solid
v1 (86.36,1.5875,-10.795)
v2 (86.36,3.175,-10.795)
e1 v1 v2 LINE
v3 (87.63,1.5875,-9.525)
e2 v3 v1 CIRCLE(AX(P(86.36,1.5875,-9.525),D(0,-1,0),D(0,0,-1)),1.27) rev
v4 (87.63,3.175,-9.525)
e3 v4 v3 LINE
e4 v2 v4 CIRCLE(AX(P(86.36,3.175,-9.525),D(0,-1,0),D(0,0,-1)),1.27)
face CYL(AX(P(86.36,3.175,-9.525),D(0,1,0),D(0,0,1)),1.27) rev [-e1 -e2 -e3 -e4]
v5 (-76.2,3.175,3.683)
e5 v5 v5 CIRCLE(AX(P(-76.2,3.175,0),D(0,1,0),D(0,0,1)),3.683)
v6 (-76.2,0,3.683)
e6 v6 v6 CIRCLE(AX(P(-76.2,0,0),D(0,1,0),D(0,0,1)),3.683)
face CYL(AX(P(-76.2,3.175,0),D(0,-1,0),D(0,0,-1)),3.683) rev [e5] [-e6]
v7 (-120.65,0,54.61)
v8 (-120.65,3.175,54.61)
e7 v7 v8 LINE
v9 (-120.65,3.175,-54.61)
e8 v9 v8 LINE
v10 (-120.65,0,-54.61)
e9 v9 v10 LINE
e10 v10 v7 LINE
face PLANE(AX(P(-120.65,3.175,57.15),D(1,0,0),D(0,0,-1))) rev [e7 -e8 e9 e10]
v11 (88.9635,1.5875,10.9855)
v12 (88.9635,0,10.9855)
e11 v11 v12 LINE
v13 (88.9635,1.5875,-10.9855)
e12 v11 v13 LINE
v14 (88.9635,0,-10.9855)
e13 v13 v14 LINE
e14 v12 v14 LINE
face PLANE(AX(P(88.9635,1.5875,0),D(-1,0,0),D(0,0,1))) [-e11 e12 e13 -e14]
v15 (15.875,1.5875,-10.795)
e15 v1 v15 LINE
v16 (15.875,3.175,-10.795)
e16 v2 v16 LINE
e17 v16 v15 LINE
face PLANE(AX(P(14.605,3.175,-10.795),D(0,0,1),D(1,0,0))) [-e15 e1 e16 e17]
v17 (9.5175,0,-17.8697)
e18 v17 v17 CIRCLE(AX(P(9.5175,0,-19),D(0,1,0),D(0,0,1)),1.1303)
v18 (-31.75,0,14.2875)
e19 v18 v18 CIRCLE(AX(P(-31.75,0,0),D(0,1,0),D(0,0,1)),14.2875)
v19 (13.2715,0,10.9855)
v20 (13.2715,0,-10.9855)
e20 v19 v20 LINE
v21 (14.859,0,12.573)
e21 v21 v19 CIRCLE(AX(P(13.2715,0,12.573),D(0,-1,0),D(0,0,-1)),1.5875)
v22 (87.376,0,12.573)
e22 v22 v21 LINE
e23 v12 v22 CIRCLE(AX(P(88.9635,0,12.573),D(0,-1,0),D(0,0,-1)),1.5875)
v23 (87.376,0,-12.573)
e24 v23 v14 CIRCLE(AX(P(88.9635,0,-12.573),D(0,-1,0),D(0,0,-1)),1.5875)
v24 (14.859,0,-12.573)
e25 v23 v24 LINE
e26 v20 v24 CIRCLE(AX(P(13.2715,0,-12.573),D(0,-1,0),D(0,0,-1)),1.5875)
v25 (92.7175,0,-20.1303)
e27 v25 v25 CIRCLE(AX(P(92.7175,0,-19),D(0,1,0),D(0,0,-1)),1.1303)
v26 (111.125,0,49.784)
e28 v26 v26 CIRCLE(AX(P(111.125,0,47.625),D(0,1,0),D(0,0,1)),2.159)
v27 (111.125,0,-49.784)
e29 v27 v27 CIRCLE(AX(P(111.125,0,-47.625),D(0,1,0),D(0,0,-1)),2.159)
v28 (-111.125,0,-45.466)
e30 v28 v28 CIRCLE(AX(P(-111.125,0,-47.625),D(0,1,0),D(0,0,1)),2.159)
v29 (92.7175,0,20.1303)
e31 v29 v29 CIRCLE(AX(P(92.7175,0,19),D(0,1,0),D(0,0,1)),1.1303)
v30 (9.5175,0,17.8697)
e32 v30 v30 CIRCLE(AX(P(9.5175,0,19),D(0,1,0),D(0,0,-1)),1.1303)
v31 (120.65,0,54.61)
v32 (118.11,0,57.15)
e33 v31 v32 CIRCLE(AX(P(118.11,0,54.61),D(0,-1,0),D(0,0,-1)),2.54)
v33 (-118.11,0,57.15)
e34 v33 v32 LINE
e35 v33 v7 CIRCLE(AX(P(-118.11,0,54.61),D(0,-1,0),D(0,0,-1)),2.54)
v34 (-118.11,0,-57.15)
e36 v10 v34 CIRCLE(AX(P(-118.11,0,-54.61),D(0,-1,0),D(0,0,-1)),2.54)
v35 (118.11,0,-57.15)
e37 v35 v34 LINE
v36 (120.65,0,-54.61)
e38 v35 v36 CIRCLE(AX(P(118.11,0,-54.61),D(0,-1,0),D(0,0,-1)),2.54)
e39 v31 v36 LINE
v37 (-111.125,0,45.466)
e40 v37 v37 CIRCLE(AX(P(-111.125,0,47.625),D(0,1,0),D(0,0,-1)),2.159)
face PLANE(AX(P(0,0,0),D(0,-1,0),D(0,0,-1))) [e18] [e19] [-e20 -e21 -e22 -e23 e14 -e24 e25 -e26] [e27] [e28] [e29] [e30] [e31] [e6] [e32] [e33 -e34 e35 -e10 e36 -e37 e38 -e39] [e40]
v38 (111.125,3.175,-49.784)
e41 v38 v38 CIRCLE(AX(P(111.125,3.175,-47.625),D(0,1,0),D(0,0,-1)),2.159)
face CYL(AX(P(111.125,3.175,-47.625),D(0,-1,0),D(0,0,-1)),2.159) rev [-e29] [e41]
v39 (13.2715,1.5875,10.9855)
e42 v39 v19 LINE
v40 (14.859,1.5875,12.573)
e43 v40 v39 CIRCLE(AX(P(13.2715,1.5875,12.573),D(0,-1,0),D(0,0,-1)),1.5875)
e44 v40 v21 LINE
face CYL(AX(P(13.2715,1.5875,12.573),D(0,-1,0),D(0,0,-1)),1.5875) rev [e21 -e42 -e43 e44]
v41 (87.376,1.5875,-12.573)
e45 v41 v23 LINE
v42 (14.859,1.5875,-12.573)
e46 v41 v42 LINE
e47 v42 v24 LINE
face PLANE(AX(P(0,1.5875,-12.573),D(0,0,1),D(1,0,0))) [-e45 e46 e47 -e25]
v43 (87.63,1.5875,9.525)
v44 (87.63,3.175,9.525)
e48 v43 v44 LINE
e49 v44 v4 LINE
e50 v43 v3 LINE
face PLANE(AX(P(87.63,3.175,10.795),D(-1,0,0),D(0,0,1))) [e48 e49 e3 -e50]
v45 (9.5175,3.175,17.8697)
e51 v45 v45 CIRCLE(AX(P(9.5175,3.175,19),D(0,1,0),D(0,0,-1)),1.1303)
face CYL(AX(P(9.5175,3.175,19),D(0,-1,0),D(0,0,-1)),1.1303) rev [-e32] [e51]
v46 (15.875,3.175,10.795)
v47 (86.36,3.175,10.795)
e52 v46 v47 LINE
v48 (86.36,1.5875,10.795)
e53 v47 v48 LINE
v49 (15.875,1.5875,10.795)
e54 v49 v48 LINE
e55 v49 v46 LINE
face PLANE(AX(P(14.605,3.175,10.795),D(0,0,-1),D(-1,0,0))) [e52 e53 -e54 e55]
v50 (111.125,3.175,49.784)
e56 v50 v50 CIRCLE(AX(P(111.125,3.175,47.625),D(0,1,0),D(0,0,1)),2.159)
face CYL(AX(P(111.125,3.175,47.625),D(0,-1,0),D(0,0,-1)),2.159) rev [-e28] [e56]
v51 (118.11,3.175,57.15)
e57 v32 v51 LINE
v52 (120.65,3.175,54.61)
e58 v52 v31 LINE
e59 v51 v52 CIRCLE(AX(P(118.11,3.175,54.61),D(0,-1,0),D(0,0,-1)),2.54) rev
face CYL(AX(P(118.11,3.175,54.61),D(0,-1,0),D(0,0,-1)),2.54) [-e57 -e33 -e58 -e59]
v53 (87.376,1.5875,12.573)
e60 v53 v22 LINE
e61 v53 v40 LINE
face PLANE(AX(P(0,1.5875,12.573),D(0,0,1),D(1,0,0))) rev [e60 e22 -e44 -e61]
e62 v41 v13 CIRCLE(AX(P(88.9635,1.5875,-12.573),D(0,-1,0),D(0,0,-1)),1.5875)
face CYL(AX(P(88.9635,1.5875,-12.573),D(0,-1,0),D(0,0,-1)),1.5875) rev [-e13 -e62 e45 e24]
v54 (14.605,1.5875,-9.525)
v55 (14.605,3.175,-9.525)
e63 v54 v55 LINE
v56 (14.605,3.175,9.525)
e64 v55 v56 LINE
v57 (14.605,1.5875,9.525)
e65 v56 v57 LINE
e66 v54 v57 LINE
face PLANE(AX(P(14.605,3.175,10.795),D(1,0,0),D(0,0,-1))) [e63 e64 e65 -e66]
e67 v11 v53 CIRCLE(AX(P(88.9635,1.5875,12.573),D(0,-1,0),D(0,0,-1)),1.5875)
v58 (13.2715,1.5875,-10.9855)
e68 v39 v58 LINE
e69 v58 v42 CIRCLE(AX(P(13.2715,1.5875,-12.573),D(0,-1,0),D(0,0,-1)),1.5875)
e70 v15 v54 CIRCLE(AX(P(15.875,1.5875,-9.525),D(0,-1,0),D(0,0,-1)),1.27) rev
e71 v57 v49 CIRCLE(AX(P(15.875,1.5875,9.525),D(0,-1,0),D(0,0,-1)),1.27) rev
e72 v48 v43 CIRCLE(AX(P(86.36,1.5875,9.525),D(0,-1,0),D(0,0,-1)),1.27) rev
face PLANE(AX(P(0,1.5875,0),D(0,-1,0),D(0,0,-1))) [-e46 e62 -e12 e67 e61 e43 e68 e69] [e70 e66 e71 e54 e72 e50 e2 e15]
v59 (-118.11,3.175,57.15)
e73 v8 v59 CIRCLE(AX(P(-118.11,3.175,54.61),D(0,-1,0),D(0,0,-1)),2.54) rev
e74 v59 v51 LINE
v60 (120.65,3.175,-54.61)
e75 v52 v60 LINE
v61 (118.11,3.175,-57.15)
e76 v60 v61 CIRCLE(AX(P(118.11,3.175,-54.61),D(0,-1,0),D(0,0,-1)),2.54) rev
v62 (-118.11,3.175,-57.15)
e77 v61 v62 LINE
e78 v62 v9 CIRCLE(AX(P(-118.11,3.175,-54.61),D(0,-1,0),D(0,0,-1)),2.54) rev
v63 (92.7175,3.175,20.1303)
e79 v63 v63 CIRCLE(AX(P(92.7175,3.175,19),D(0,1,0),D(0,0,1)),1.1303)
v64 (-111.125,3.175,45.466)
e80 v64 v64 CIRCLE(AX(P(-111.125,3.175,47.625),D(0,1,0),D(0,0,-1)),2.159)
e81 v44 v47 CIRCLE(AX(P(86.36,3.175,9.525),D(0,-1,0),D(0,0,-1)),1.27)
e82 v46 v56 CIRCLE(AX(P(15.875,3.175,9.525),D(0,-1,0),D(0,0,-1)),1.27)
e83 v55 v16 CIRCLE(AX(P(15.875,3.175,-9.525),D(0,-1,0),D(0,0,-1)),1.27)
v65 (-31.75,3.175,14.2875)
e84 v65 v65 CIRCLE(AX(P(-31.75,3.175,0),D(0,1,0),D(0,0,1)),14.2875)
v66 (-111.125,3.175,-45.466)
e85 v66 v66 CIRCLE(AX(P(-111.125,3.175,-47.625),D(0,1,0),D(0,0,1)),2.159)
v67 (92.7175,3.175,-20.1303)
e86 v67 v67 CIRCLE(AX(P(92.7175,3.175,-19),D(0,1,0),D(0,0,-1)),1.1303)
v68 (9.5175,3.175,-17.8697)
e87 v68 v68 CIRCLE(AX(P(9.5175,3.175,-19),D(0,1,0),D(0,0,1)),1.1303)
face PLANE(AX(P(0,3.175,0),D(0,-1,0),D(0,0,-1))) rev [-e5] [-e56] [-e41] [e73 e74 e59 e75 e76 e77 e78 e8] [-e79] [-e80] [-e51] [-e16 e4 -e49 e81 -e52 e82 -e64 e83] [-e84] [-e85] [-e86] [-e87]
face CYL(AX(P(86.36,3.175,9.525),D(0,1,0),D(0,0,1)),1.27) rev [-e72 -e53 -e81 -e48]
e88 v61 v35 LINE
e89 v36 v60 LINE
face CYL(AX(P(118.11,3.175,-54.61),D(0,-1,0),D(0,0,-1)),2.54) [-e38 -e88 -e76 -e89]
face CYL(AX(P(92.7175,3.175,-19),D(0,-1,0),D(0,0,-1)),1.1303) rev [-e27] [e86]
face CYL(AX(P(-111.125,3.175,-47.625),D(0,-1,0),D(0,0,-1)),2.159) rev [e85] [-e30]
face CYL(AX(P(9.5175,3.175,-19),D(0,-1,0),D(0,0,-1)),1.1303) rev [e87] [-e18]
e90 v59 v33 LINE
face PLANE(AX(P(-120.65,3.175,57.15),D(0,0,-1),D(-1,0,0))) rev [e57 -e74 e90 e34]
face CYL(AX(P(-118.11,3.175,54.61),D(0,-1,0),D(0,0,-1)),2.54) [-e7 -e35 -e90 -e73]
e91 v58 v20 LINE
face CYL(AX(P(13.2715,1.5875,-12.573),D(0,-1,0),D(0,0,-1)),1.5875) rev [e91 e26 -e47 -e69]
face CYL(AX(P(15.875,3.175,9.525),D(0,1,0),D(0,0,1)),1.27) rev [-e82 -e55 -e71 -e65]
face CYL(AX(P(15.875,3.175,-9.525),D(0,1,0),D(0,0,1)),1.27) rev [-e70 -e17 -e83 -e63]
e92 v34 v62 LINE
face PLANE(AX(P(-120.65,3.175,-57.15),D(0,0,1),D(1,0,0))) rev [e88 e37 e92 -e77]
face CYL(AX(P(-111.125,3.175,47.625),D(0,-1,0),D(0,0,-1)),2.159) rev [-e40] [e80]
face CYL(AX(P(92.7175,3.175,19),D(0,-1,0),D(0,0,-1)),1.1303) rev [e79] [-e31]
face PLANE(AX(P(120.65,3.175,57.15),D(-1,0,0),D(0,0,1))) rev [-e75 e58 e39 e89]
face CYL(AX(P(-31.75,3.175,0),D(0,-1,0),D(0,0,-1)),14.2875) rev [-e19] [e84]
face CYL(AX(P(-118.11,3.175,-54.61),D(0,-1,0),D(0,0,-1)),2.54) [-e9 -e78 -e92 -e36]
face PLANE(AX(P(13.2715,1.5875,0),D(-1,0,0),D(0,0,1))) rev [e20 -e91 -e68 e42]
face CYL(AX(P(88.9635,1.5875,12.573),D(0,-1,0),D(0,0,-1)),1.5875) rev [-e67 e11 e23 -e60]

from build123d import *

# Parameters (mm, degrees)
SKETCH1_W           = 241.3
SKETCH1_H           = 114.3
SKETCH1_R           = 2.159
SKETCH1_R_2         = 3.683
SKETCH1_R_3         = 14.2875
SKETCH1_R_4         = 1.1303
SKETCH1_W_2         = 73.025
SKETCH1_H_2         = 21.59
BOSS_EXTRUDE1_DEPTH = 3.175
FILLET1_R           = 1.27
FILLET2_R           = 2.54
CUT_EXTRUDE1_START  = -1.5875
SKETCH2_R           = 1.5875
SKETCH2_W           = 75.692
SKETCH2_H           = 25.146
CUT_EXTRUDE1_DEPTH  = 1.5875


with BuildPart() as part:
    # Sketch1 → Boss-Extrude1 (new body)
    with BuildSketch(Plane(origin=(0, 0, 0), x_dir=(1, 0, 0), z_dir=(0, 1, 0))):
        Rectangle(SKETCH1_W, SKETCH1_H)
        with Locations(Location((-111.125, 47.625, 0), (0, 0, 270))):
            Circle(SKETCH1_R, mode=Mode.SUBTRACT)
        with Locations(Location((111.125, 47.625, 0), (0, 0, 90))):
            Circle(SKETCH1_R, mode=Mode.SUBTRACT)
        with Locations(Location((111.125, -47.625, 0), (0, 0, 270))):
            Circle(SKETCH1_R, mode=Mode.SUBTRACT)
        with Locations(Location((-111.125, -47.625, 0), (0, 0, 90))):
            Circle(SKETCH1_R, mode=Mode.SUBTRACT)
        with Locations(Location((-76.2, 0, 0), (0, 0, 270))):
            Circle(SKETCH1_R_2, mode=Mode.SUBTRACT)
        with Locations(Location((-31.75, 0, 0), (0, 0, 270))):
            Circle(SKETCH1_R_3, mode=Mode.SUBTRACT)
        with Locations(Location((9.5175, 19, 0), (0, 0, 270))):
            Circle(SKETCH1_R_4, mode=Mode.SUBTRACT)
        with Locations(Location((9.5175, -19, 0), (0, 0, 90))):
            Circle(SKETCH1_R_4, mode=Mode.SUBTRACT)
        with Locations(Location((92.7175, -19, 0), (0, 0, 270))):
            Circle(SKETCH1_R_4, mode=Mode.SUBTRACT)
        with Locations(Location((92.7175, 19, 0), (0, 0, 90))):
            Circle(SKETCH1_R_4, mode=Mode.SUBTRACT)
        with Locations((51.1175, 0)):
            Rectangle(SKETCH1_W_2, SKETCH1_H_2, mode=Mode.SUBTRACT)
    extrude(amount=BOSS_EXTRUDE1_DEPTH)

    # Fillet1
    fillet1_edges = [part.edges().sort_by_distance(p)[0] for p in [
        (87.63, 1.5875, 10.795),
        (87.63, 1.5875, -10.795),
        (14.605, 1.5875, -10.795),
        (14.605, 1.5875, 10.795),
    ]]
    fillet(fillet1_edges, radius=FILLET1_R)

    # Fillet2
    fillet2_edges = [part.edges().sort_by_distance(p)[0] for p in [
        (120.65, 1.5875, 57.15),
        (-120.65, 1.5875, 57.15),
        (-120.65, 1.5875, -57.15),
        (120.65, 1.5875, -57.15),
    ]]
    fillet(fillet2_edges, radius=FILLET2_R)

    # Sketch2 → Cut-Extrude1 (cut)
    # profile 1 of 21: a face of its own
    with BuildSketch(Plane(origin=(0, 0, 0), x_dir=(-1, 0, 0), z_dir=(0, -1, 0)).offset(CUT_EXTRUDE1_START)):
        with Locations((-13.2715, 12.573)):
            Circle(SKETCH2_R)
    # profile 2 of 21: a face of its own
    with BuildSketch(Plane(origin=(0, 0, 0), x_dir=(-1, 0, 0), z_dir=(0, -1, 0)).offset(CUT_EXTRUDE1_START)):
        with Locations((-88.9635, 12.573)):
            Circle(SKETCH2_R)
    # profile 3 of 21: a face of its own
    with BuildSketch(Plane(origin=(0, 0, 0), x_dir=(-1, 0, 0), z_dir=(0, -1, 0)).offset(CUT_EXTRUDE1_START)):
        with Locations((-88.9635, -12.573)):
            Circle(SKETCH2_R)
    # profile 4 of 21: a face of its own
    with BuildSketch(Plane(origin=(0, 0, 0), x_dir=(-1, 0, 0), z_dir=(0, -1, 0)).offset(CUT_EXTRUDE1_START)):
        with Locations((-13.2715, -12.573)):
            Circle(SKETCH2_R)
    # profile 5 of 21: a face of its own
    with BuildSketch(Plane(origin=(0, 0, 0), x_dir=(-1, 0, 0), z_dir=(0, -1, 0)).offset(CUT_EXTRUDE1_START)):
        with Locations((-51.1175, 0)):
            Rectangle(SKETCH2_W, SKETCH2_H)
        with BuildLine():
            ThreePointArc((-15.875, 10.795), (-14.976974388, 10.423025612), (-14.605, 9.525))
            Line((-14.605, 9.525), (-14.605, -9.525))
            ThreePointArc((-14.605, -9.525), (-14.976974388, -10.423025612), (-15.875, -10.795))
            Line((-15.875, -10.795), (-86.36, -10.795))
            ThreePointArc((-86.36, -10.795), (-87.258025612, -10.423025612), (-87.63, -9.525))
            Line((-87.63, -9.525), (-87.63, 9.525))
            ThreePointArc((-87.63, 9.525), (-87.258025612, 10.423025612), (-86.36, 10.795))
            Line((-86.36, 10.795), (-15.875, 10.795))
        make_face(mode=Mode.SUBTRACT)
    # profile 6 of 21: a face of its own
    with BuildSketch(Plane(origin=(0, 0, 0), x_dir=(-1, 0, 0), z_dir=(0, -1, 0)).offset(CUT_EXTRUDE1_START)):
        with BuildLine():
            Line((-88.9635, -10.9855), (-88.9635, -12.573))
            Line((-88.9635, -12.573), (-87.376, -12.573))
            ThreePointArc((-87.376, -12.573), (-87.840967985, -11.450467985), (-88.9635, -10.9855))
        make_face()
    # profile 7 of 21: a face of its own
    with BuildSketch(Plane(origin=(0, 0, 0), x_dir=(-1, 0, 0), z_dir=(0, -1, 0)).offset(CUT_EXTRUDE1_START)):
        with BuildLine():
            Line((-87.376, -12.573), (-88.9635, -12.573))
            Line((-88.9635, -12.573), (-88.9635, -10.9855))
            ThreePointArc((-88.9635, -10.9855), (-90.086032015, -13.695532015), (-87.376, -12.573))
        make_face()
    # profile 8 of 21: a face of its own
    with BuildSketch(Plane(origin=(0, 0, 0), x_dir=(-1, 0, 0), z_dir=(0, -1, 0)).offset(CUT_EXTRUDE1_START)):
        with BuildLine():
            Line((-88.9635, -10.9855), (-88.9635, -12.573))
            Line((-88.9635, -12.573), (-87.376, -12.573))
            ThreePointArc((-87.376, -12.573), (-87.840967985, -11.450467985), (-88.9635, -10.9855))
        make_face()
    # profile 9 of 21: a face of its own
    with BuildSketch(Plane(origin=(0, 0, 0), x_dir=(-1, 0, 0), z_dir=(0, -1, 0)).offset(CUT_EXTRUDE1_START)):
        with BuildLine():
            Line((-87.376, -12.573), (-88.9635, -12.573))
            Line((-88.9635, -12.573), (-88.9635, -10.9855))
            ThreePointArc((-88.9635, -10.9855), (-90.086032015, -13.695532015), (-87.376, -12.573))
        make_face()
    # profile 10 of 21: a face of its own
    with BuildSketch(Plane(origin=(0, 0, 0), x_dir=(-1, 0, 0), z_dir=(0, -1, 0)).offset(CUT_EXTRUDE1_START)):
        with BuildLine():
            ThreePointArc((-87.376, 12.573), (-90.086032015, 13.695532015), (-88.9635, 10.9855))
            Line((-88.9635, 10.9855), (-88.9635, 12.573))
            Line((-88.9635, 12.573), (-87.376, 12.573))
        make_face()
    # profile 11 of 21: a face of its own
    with BuildSketch(Plane(origin=(0, 0, 0), x_dir=(-1, 0, 0), z_dir=(0, -1, 0)).offset(CUT_EXTRUDE1_START)):
        with BuildLine():
            Line((-88.9635, 12.573), (-88.9635, 10.9855))
            ThreePointArc((-88.9635, 10.9855), (-87.840967985, 11.450467985), (-87.376, 12.573))
            Line((-87.376, 12.573), (-88.9635, 12.573))
        make_face()
    # profile 12 of 21: a face of its own
    with BuildSketch(Plane(origin=(0, 0, 0), x_dir=(-1, 0, 0), z_dir=(0, -1, 0)).offset(CUT_EXTRUDE1_START)):
        with BuildLine():
            ThreePointArc((-87.376, 12.573), (-90.086032015, 13.695532015), (-88.9635, 10.9855))
            Line((-88.9635, 10.9855), (-88.9635, 12.573))
            Line((-88.9635, 12.573), (-87.376, 12.573))
        make_face()
    # profile 13 of 21: a face of its own
    with BuildSketch(Plane(origin=(0, 0, 0), x_dir=(-1, 0, 0), z_dir=(0, -1, 0)).offset(CUT_EXTRUDE1_START)):
        with BuildLine():
            Line((-88.9635, 12.573), (-88.9635, 10.9855))
            ThreePointArc((-88.9635, 10.9855), (-87.840967985, 11.450467985), (-87.376, 12.573))
            Line((-87.376, 12.573), (-88.9635, 12.573))
        make_face()
    # profile 14 of 21: a face of its own
    with BuildSketch(Plane(origin=(0, 0, 0), x_dir=(-1, 0, 0), z_dir=(0, -1, 0)).offset(CUT_EXTRUDE1_START)):
        with BuildLine():
            ThreePointArc((-14.859, 12.573), (-14.394032015, 11.450467985), (-13.2715, 10.9855))
            Line((-13.2715, 10.9855), (-13.2715, 12.573))
            Line((-13.2715, 12.573), (-14.859, 12.573))
        make_face()
    # profile 15 of 21: a face of its own
    with BuildSketch(Plane(origin=(0, 0, 0), x_dir=(-1, 0, 0), z_dir=(0, -1, 0)).offset(CUT_EXTRUDE1_START)):
        with BuildLine():
            Line((-13.2715, 12.573), (-13.2715, 10.9855))
            ThreePointArc((-13.2715, 10.9855), (-12.148967985, 11.450467985), (-11.684, 12.573))
            ThreePointArc((-11.684, 12.573), (-13.2715, 14.1605), (-14.859, 12.573))
            Line((-14.859, 12.573), (-13.2715, 12.573))
        make_face()
    # profile 16 of 21: a face of its own
    with BuildSketch(Plane(origin=(0, 0, 0), x_dir=(-1, 0, 0), z_dir=(0, -1, 0)).offset(CUT_EXTRUDE1_START)):
        with BuildLine():
            ThreePointArc((-14.859, 12.573), (-14.394032015, 11.450467985), (-13.2715, 10.9855))
            Line((-13.2715, 10.9855), (-13.2715, 12.573))
            Line((-13.2715, 12.573), (-14.859, 12.573))
        make_face()
    # profile 17 of 21: a face of its own
    with BuildSketch(Plane(origin=(0, 0, 0), x_dir=(-1, 0, 0), z_dir=(0, -1, 0)).offset(CUT_EXTRUDE1_START)):
        with BuildLine():
            Line((-13.2715, 12.573), (-13.2715, 10.9855))
            ThreePointArc((-13.2715, 10.9855), (-12.148967985, 11.450467985), (-11.684, 12.573))
            ThreePointArc((-11.684, 12.573), (-13.2715, 14.1605), (-14.859, 12.573))
            Line((-14.859, 12.573), (-13.2715, 12.573))
        make_face()
    # profile 18 of 21: a face of its own
    with BuildSketch(Plane(origin=(0, 0, 0), x_dir=(-1, 0, 0), z_dir=(0, -1, 0)).offset(CUT_EXTRUDE1_START)):
        with BuildLine():
            ThreePointArc((-13.2715, -10.9855), (-14.394032015, -11.450467985), (-14.859, -12.573))
            Line((-14.859, -12.573), (-13.2715, -12.573))
            Line((-13.2715, -12.573), (-13.2715, -10.9855))
        make_face()
    # profile 19 of 21: a face of its own
    with BuildSketch(Plane(origin=(0, 0, 0), x_dir=(-1, 0, 0), z_dir=(0, -1, 0)).offset(CUT_EXTRUDE1_START)):
        with BuildLine():
            Line((-13.2715, -12.573), (-14.859, -12.573))
            ThreePointArc((-14.859, -12.573), (-13.2715, -14.1605), (-11.684, -12.573))
            ThreePointArc((-11.684, -12.573), (-12.148967985, -11.450467985), (-13.2715, -10.9855))
            Line((-13.2715, -10.9855), (-13.2715, -12.573))
        make_face()
    # profile 20 of 21: a face of its own
    with BuildSketch(Plane(origin=(0, 0, 0), x_dir=(-1, 0, 0), z_dir=(0, -1, 0)).offset(CUT_EXTRUDE1_START)):
        with BuildLine():
            ThreePointArc((-13.2715, -10.9855), (-14.394032015, -11.450467985), (-14.859, -12.573))
            Line((-14.859, -12.573), (-13.2715, -12.573))
            Line((-13.2715, -12.573), (-13.2715, -10.9855))
        make_face()
    # profile 21 of 21: a face of its own
    with BuildSketch(Plane(origin=(0, 0, 0), x_dir=(-1, 0, 0), z_dir=(0, -1, 0)).offset(CUT_EXTRUDE1_START)):
        with BuildLine():
            Line((-13.2715, -12.573), (-14.859, -12.573))
            ThreePointArc((-14.859, -12.573), (-13.2715, -14.1605), (-11.684, -12.573))
            ThreePointArc((-11.684, -12.573), (-12.148967985, -11.450467985), (-13.2715, -10.9855))
            Line((-13.2715, -10.9855), (-13.2715, -12.573))
        make_face()
    extrude(amount=CUT_EXTRUDE1_DEPTH, mode=Mode.SUBTRACT)


solid = part.part
